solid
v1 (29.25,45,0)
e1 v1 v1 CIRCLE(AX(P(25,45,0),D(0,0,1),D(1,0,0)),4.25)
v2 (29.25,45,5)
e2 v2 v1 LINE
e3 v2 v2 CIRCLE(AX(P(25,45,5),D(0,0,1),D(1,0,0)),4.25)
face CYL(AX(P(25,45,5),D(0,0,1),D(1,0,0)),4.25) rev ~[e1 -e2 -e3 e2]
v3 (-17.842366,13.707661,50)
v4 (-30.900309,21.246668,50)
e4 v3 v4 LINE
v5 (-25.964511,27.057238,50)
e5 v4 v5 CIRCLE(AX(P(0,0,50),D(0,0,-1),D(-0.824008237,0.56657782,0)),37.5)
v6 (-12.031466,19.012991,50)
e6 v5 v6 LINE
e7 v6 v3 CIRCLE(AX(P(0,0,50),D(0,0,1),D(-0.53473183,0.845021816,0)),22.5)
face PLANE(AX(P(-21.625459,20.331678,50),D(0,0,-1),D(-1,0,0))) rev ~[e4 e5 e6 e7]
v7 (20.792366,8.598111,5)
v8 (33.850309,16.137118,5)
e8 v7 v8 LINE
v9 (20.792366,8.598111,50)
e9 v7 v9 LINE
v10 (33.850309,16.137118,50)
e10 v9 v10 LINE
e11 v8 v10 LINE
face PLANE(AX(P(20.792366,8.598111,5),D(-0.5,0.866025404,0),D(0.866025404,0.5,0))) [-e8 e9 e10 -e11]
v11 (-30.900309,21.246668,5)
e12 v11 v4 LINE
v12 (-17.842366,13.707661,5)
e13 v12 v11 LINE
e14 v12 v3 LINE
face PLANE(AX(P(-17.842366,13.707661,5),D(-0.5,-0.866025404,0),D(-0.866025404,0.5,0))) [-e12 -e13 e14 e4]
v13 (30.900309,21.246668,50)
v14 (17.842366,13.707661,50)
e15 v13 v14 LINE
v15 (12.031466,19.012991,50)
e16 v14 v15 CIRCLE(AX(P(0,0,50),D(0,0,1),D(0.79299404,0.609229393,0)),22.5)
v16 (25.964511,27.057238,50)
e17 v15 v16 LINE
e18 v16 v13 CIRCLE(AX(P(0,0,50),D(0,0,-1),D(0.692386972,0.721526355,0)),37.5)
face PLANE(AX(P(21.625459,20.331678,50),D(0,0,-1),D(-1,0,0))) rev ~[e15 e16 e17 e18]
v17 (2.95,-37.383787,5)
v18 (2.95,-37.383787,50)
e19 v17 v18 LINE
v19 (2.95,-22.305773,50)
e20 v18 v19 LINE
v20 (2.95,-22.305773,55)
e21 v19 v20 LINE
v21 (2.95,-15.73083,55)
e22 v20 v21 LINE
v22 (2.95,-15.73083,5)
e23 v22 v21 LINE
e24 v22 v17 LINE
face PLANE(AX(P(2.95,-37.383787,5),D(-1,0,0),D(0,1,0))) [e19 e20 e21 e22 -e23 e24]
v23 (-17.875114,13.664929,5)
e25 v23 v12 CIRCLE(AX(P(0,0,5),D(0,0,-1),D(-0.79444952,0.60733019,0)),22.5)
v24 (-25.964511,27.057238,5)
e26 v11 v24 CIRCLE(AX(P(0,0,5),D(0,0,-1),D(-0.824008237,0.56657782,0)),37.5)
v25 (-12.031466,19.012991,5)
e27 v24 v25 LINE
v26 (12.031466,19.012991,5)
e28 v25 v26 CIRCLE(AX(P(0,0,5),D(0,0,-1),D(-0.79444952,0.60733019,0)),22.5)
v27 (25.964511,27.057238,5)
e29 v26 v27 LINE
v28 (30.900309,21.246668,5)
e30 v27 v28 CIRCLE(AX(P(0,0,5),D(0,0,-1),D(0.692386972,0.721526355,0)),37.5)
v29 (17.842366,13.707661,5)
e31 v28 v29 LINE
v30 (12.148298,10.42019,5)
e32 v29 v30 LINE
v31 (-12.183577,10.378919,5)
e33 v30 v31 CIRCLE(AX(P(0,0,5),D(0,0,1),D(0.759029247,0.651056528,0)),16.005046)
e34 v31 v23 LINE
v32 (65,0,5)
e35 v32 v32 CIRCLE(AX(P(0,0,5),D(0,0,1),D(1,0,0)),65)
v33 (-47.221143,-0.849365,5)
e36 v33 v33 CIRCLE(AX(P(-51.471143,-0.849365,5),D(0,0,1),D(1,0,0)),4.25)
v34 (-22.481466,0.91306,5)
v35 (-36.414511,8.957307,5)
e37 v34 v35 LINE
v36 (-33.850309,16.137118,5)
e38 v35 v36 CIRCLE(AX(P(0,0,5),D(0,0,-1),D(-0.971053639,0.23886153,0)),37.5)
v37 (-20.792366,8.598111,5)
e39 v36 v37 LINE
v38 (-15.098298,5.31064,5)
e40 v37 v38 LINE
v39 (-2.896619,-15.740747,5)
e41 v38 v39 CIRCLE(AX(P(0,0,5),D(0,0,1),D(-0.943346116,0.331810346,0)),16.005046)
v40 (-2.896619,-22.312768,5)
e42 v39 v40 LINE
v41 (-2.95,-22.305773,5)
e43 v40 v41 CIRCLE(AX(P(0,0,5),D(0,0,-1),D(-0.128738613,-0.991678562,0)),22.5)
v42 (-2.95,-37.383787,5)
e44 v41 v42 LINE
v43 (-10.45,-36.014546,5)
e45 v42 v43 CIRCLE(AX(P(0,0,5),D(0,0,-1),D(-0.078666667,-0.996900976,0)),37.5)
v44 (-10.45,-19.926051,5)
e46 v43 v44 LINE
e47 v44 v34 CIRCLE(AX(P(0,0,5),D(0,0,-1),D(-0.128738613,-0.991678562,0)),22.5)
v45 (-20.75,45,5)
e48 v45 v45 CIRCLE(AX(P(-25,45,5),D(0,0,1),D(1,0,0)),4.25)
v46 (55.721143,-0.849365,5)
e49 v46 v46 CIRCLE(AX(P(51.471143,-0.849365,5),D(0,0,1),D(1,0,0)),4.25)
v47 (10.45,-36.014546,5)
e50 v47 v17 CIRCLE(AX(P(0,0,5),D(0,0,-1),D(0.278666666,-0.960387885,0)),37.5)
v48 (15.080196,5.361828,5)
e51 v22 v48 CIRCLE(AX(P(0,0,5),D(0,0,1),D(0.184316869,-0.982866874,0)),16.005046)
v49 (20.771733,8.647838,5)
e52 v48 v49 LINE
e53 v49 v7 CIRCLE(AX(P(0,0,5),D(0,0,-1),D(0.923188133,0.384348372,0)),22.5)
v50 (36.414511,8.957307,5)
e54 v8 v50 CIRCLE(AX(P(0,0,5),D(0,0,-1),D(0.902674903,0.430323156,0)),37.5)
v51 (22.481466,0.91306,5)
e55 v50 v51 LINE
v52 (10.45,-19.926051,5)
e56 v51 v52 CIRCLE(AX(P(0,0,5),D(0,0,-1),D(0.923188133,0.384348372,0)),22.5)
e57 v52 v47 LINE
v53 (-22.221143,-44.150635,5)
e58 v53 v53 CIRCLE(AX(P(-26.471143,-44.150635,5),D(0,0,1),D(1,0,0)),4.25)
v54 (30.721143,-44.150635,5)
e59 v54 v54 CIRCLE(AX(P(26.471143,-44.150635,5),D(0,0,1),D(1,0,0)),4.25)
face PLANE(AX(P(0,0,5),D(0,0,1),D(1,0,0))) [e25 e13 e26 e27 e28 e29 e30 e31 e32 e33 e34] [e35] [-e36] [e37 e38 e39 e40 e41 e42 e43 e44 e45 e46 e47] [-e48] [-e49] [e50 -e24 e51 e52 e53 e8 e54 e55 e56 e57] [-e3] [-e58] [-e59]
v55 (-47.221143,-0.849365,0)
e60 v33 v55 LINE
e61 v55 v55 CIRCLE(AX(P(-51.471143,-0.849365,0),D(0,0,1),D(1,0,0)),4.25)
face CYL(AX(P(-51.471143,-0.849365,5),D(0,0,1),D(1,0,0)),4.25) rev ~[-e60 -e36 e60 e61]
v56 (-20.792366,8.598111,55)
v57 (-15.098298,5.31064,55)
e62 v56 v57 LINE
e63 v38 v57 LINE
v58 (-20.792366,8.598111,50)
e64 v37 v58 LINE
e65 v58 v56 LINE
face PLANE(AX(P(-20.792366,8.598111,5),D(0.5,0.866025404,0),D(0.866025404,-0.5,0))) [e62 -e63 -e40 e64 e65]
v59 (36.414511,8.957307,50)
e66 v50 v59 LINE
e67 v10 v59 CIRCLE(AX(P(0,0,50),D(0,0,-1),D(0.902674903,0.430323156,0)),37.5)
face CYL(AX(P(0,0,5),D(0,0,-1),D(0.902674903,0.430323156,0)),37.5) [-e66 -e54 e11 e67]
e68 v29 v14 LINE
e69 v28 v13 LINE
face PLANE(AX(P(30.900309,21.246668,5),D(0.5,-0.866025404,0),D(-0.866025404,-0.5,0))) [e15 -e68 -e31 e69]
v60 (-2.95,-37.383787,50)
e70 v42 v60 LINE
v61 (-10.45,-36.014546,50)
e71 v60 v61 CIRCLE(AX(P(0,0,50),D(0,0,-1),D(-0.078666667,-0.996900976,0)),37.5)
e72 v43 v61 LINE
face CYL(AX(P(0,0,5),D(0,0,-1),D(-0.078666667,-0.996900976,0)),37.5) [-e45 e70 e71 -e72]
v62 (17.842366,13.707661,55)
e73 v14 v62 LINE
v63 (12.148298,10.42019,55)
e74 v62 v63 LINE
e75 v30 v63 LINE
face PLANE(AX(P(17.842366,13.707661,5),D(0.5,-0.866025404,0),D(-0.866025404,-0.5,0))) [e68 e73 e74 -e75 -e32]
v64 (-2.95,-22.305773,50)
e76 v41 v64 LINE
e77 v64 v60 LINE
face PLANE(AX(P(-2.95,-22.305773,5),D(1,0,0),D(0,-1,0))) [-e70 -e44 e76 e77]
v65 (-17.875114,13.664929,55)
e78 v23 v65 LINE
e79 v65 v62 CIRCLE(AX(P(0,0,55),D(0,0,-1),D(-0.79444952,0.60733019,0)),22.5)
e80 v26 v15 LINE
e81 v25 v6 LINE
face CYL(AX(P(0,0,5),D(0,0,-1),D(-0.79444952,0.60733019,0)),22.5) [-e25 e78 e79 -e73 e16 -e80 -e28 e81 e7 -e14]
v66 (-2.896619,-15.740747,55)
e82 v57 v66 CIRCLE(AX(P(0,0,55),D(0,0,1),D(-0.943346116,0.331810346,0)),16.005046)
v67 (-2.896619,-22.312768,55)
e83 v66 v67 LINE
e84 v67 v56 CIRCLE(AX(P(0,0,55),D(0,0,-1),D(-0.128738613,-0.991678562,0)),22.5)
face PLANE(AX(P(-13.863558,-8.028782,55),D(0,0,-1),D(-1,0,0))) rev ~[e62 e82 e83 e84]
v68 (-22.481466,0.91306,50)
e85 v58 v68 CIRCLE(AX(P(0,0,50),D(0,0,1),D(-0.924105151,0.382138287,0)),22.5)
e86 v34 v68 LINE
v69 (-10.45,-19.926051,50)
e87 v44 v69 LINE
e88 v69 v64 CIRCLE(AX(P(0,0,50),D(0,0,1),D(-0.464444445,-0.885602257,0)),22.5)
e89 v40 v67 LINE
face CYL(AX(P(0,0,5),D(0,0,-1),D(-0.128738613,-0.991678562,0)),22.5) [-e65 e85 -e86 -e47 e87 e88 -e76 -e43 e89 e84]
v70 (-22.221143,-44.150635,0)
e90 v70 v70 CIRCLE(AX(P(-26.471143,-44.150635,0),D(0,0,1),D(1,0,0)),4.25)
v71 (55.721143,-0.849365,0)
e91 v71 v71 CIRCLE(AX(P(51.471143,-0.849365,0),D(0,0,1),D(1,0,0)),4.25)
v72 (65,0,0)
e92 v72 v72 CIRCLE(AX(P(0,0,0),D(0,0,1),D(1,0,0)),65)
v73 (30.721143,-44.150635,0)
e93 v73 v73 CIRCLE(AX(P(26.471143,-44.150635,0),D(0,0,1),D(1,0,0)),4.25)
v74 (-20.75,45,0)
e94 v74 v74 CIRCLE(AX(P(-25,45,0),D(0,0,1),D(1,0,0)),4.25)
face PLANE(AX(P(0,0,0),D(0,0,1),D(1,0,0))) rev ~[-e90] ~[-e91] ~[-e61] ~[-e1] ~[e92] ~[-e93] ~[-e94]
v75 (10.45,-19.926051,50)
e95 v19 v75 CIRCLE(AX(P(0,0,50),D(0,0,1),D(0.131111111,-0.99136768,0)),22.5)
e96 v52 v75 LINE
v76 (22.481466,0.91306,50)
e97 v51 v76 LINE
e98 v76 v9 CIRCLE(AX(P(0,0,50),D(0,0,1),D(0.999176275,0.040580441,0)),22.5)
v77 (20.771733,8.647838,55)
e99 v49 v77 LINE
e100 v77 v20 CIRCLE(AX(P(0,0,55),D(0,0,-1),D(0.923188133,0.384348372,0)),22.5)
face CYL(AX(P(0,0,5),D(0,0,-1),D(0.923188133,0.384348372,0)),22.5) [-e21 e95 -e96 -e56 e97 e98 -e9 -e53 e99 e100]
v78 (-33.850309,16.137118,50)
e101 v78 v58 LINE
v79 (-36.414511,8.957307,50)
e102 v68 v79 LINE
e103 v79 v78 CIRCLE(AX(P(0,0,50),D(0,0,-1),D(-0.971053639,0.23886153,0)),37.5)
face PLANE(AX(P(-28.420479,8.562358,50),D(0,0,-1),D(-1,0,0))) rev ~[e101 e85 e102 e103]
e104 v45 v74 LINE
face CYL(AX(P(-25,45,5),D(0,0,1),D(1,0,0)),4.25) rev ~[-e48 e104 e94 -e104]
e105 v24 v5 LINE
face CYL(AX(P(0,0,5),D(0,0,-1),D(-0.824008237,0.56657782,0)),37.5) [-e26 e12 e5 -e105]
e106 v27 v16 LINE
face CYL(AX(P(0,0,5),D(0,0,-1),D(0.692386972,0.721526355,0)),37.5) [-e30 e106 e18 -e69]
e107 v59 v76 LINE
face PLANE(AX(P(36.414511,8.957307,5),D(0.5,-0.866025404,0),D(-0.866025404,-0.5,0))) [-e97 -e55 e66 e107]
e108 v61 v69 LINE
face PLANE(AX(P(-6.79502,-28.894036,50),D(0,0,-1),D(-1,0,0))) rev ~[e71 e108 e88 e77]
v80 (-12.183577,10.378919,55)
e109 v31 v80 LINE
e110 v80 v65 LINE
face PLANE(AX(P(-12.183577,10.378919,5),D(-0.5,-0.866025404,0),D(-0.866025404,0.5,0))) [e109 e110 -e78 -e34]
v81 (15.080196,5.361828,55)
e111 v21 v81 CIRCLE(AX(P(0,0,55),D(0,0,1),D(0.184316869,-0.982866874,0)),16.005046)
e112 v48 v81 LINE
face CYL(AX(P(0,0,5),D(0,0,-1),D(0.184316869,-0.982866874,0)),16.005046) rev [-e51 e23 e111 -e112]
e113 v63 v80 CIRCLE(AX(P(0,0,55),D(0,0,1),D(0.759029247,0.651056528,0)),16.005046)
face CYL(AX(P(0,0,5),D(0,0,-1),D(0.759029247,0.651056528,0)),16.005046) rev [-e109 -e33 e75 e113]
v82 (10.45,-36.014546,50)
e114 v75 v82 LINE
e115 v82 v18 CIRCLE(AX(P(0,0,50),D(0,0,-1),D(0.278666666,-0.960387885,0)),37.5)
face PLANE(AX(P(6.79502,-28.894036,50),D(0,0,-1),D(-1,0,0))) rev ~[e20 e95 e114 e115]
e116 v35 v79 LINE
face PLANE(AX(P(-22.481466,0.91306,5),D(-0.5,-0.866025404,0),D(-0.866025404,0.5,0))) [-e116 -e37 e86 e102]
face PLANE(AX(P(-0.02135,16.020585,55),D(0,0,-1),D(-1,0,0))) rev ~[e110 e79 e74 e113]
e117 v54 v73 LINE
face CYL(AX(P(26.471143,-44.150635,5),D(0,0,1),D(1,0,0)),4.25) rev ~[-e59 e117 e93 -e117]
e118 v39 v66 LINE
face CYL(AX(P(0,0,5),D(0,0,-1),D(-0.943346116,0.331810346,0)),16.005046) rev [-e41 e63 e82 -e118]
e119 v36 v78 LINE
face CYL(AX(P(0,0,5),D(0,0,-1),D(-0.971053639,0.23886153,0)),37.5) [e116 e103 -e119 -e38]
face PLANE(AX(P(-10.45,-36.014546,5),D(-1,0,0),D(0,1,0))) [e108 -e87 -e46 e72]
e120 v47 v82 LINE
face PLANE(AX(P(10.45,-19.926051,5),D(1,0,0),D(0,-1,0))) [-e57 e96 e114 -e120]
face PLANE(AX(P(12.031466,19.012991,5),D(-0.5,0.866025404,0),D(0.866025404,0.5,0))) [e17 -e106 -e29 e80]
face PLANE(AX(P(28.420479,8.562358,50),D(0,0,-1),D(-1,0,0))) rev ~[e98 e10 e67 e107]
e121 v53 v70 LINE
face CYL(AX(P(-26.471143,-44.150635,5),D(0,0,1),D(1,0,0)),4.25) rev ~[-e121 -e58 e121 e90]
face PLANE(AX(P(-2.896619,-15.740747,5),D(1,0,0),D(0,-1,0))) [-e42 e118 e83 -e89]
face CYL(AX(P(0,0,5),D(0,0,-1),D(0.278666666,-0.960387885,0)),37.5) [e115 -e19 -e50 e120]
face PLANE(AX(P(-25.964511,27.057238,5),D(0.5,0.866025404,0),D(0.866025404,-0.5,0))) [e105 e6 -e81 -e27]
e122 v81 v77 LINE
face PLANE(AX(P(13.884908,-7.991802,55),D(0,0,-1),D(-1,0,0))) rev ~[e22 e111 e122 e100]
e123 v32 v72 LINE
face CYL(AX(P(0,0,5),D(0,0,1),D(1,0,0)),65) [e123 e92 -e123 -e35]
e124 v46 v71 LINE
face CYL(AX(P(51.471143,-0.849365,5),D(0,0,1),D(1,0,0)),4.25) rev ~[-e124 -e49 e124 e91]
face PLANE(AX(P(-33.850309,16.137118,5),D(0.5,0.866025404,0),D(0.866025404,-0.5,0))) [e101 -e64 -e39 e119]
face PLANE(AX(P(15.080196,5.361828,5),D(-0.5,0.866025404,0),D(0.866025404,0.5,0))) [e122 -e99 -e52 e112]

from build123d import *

# Parameters (mm, degrees)
SKETCH1_R            = 65
BOSS_EXTRUDE1_DEPTH  = 5
BOSS_EXTRUDE2_DEPTH  = 50
BOSS_EXTRUDE3_DEPTH  = 45
BOSS_EXTRUDE4_DEPTH  = 45
BOSS_EXTRUDE6_DEPTH  = 45
BOSS_EXTRUDE7_DEPTH  = 45
BOSS_EXTRUDE9_DEPTH  = 45
BOSS_EXTRUDE10_DEPTH = 45
SKETCH11_R           = 4.25
CUT_EXTRUDE1_DEPTH   = 10


with BuildPart() as part:
    # Sketch1 → Boss-Extrude1 (new body)
    with BuildSketch(Plane.XY.offset(5)):
        Circle(SKETCH1_R)
    extrude(amount=-BOSS_EXTRUDE1_DEPTH)

    # Sketch2 → Boss-Extrude2 (add)
    with BuildSketch(Plane.XY.offset(5)):
        with BuildLine():
            Line((-2.896618782, -15.740746549), (-2.896618782, -22.312767637))
            ThreePointArc((-2.896618782, -22.312767637), (-19.472098251, -11.273304294), (-20.792365892, 8.598111457))
            Line((-20.792365892, 8.598111457), (-15.098298122, 5.310639897))
            ThreePointArc((-15.098298122, 5.310639897), (-13.847182977, -8.026021796), (-2.896618782, -15.740746549))
        make_face()
        with BuildLine():
            Line((17.842365892, 13.707661339), (12.148298122, 10.420189779))
            ThreePointArc((12.148298122, 10.420189779), (-0.027147278, 16.005023127), (-12.183576995, 10.378918724))
            Line((-12.183576995, 10.378918724), (-17.875114212, 13.664929269))
            ThreePointArc((-17.875114212, 13.664929269), (-0.026918777, 22.499983897), (17.842365892, 13.707661339))
        make_face()
        with BuildLine():
            Line((2.95, -22.305772795), (2.95, -15.730829675))
            ThreePointArc((2.95, -15.730829675), (13.874330255, -7.979001331), (15.080195777, 5.361827824))
            Line((15.080195777, 5.361827824), (20.771732993, 8.647838368))
            ThreePointArc((20.771732993, 8.647838368), (19.499017028, -11.226679604), (2.95, -22.305772795))
        make_face()
    extrude(amount=BOSS_EXTRUDE2_DEPTH)

    # Sketch3 → Boss-Extrude3 (add)
    with BuildSketch(Plane.XY.offset(5)):
        with BuildLine():
            Line((-33.850308879, 16.137118355), (-20.792365892, 8.598111457))
            ThreePointArc((-20.792365892, 8.598111457), (-21.975466771, 4.82999588), (-22.481466179, 0.913059924))
            Line((-22.481466179, 0.913059924), (-36.414511458, 8.957307367))
            ThreePointArc((-36.414511458, 8.957307367), (-35.315346037, 12.612546701), (-33.850308879, 16.137118355))
        make_face()
    extrude(amount=BOSS_EXTRUDE3_DEPTH)

    # Sketch4 → Boss-Extrude4 (add)
    with BuildSketch(Plane.XY.offset(5)):
        with BuildLine():
            Line((-10.45, -36.014545673), (-10.45, -19.926050788))
            ThreePointArc((-10.45, -19.926050788), (-6.804834253, -21.446310424), (-2.95, -22.305772795))
            Line((-2.95, -22.305772795), (-2.95, -37.383786593))
            ThreePointArc((-2.95, -37.383786593), (-6.734887169, -36.890260162), (-10.45, -36.014545673))
        make_face()
    extrude(amount=BOSS_EXTRUDE4_DEPTH)

    # Sketch6 → Boss-Extrude6 (add)
    with BuildSketch(Plane.XY.offset(5)):
        with BuildLine():
            Line((30.900308879, 21.246668237), (17.842365892, 13.707661339))
            ThreePointArc((17.842365892, 13.707661339), (15.170632518, 16.616314543), (12.031466179, 19.012990863))
            Line((12.031466179, 19.012990863), (25.964511458, 27.057238306))
            ThreePointArc((25.964511458, 27.057238306), (28.580458868, 24.277713461), (30.900308879, 21.246668237))
        make_face()
    extrude(amount=BOSS_EXTRUDE6_DEPTH)

    # Sketch7 → Boss-Extrude7 (add)
    with BuildSketch(Plane.XY.offset(5)):
        with BuildLine():
            Line((-25.964511458, 27.057238306), (-12.031466179, 19.012990863))
            ThreePointArc((-12.031466179, 19.012990863), (-15.170632518, 16.616314543), (-17.842365892, 13.707661339))
            Line((-17.842365892, 13.707661339), (-30.900308879, 21.246668237))
            ThreePointArc((-30.900308879, 21.246668237), (-28.580458868, 24.277713461), (-25.964511458, 27.057238306))
        make_face()
    extrude(amount=BOSS_EXTRUDE7_DEPTH)

    # Sketch9 → Boss-Extrude9 (add)
    with BuildSketch(Plane.XY.offset(5)):
        with BuildLine():
            Line((2.95, -37.383786593), (2.95, -22.305772795))
            ThreePointArc((2.95, -22.305772795), (6.804834253, -21.446310424), (10.45, -19.926050788))
            Line((10.45, -19.926050788), (10.45, -36.014545673))
            ThreePointArc((10.45, -36.014545673), (6.734887169, -36.890260162), (2.95, -37.383786593))
        make_face()
    extrude(amount=BOSS_EXTRUDE9_DEPTH)

    # Sketch10 → Boss-Extrude10 (add)
    with BuildSketch(Plane.XY.offset(5)):
        with BuildLine():
            Line((36.414511458, 8.957307367), (22.481466179, 0.913059924))
            ThreePointArc((22.481466179, 0.913059924), (21.975466771, 4.82999588), (20.792365892, 8.598111457))
            Line((20.792365892, 8.598111457), (33.850308879, 16.137118355))
            ThreePointArc((33.850308879, 16.137118355), (35.315346037, 12.612546701), (36.414511458, 8.957307367))
        make_face()
    extrude(amount=BOSS_EXTRUDE10_DEPTH)

    # Sketch11 → Cut-Extrude1 (cut)
    with BuildSketch(Plane.XY.offset(5)):
        with Locations((-25, 45)):
            Circle(SKETCH11_R)
        with Locations((25, 45)):
            Circle(SKETCH11_R)
        with Locations((26.47114317, -44.150635095)):
            Circle(SKETCH11_R)
        with Locations((51.47114317, -0.849364905)):
            Circle(SKETCH11_R)
        with Locations((-51.47114317, -0.849364905)):
            Circle(SKETCH11_R)
        with Locations((-26.47114317, -44.150635095)):
            Circle(SKETCH11_R)
    extrude(amount=-CUT_EXTRUDE1_DEPTH, mode=Mode.SUBTRACT)


solid = part.part
